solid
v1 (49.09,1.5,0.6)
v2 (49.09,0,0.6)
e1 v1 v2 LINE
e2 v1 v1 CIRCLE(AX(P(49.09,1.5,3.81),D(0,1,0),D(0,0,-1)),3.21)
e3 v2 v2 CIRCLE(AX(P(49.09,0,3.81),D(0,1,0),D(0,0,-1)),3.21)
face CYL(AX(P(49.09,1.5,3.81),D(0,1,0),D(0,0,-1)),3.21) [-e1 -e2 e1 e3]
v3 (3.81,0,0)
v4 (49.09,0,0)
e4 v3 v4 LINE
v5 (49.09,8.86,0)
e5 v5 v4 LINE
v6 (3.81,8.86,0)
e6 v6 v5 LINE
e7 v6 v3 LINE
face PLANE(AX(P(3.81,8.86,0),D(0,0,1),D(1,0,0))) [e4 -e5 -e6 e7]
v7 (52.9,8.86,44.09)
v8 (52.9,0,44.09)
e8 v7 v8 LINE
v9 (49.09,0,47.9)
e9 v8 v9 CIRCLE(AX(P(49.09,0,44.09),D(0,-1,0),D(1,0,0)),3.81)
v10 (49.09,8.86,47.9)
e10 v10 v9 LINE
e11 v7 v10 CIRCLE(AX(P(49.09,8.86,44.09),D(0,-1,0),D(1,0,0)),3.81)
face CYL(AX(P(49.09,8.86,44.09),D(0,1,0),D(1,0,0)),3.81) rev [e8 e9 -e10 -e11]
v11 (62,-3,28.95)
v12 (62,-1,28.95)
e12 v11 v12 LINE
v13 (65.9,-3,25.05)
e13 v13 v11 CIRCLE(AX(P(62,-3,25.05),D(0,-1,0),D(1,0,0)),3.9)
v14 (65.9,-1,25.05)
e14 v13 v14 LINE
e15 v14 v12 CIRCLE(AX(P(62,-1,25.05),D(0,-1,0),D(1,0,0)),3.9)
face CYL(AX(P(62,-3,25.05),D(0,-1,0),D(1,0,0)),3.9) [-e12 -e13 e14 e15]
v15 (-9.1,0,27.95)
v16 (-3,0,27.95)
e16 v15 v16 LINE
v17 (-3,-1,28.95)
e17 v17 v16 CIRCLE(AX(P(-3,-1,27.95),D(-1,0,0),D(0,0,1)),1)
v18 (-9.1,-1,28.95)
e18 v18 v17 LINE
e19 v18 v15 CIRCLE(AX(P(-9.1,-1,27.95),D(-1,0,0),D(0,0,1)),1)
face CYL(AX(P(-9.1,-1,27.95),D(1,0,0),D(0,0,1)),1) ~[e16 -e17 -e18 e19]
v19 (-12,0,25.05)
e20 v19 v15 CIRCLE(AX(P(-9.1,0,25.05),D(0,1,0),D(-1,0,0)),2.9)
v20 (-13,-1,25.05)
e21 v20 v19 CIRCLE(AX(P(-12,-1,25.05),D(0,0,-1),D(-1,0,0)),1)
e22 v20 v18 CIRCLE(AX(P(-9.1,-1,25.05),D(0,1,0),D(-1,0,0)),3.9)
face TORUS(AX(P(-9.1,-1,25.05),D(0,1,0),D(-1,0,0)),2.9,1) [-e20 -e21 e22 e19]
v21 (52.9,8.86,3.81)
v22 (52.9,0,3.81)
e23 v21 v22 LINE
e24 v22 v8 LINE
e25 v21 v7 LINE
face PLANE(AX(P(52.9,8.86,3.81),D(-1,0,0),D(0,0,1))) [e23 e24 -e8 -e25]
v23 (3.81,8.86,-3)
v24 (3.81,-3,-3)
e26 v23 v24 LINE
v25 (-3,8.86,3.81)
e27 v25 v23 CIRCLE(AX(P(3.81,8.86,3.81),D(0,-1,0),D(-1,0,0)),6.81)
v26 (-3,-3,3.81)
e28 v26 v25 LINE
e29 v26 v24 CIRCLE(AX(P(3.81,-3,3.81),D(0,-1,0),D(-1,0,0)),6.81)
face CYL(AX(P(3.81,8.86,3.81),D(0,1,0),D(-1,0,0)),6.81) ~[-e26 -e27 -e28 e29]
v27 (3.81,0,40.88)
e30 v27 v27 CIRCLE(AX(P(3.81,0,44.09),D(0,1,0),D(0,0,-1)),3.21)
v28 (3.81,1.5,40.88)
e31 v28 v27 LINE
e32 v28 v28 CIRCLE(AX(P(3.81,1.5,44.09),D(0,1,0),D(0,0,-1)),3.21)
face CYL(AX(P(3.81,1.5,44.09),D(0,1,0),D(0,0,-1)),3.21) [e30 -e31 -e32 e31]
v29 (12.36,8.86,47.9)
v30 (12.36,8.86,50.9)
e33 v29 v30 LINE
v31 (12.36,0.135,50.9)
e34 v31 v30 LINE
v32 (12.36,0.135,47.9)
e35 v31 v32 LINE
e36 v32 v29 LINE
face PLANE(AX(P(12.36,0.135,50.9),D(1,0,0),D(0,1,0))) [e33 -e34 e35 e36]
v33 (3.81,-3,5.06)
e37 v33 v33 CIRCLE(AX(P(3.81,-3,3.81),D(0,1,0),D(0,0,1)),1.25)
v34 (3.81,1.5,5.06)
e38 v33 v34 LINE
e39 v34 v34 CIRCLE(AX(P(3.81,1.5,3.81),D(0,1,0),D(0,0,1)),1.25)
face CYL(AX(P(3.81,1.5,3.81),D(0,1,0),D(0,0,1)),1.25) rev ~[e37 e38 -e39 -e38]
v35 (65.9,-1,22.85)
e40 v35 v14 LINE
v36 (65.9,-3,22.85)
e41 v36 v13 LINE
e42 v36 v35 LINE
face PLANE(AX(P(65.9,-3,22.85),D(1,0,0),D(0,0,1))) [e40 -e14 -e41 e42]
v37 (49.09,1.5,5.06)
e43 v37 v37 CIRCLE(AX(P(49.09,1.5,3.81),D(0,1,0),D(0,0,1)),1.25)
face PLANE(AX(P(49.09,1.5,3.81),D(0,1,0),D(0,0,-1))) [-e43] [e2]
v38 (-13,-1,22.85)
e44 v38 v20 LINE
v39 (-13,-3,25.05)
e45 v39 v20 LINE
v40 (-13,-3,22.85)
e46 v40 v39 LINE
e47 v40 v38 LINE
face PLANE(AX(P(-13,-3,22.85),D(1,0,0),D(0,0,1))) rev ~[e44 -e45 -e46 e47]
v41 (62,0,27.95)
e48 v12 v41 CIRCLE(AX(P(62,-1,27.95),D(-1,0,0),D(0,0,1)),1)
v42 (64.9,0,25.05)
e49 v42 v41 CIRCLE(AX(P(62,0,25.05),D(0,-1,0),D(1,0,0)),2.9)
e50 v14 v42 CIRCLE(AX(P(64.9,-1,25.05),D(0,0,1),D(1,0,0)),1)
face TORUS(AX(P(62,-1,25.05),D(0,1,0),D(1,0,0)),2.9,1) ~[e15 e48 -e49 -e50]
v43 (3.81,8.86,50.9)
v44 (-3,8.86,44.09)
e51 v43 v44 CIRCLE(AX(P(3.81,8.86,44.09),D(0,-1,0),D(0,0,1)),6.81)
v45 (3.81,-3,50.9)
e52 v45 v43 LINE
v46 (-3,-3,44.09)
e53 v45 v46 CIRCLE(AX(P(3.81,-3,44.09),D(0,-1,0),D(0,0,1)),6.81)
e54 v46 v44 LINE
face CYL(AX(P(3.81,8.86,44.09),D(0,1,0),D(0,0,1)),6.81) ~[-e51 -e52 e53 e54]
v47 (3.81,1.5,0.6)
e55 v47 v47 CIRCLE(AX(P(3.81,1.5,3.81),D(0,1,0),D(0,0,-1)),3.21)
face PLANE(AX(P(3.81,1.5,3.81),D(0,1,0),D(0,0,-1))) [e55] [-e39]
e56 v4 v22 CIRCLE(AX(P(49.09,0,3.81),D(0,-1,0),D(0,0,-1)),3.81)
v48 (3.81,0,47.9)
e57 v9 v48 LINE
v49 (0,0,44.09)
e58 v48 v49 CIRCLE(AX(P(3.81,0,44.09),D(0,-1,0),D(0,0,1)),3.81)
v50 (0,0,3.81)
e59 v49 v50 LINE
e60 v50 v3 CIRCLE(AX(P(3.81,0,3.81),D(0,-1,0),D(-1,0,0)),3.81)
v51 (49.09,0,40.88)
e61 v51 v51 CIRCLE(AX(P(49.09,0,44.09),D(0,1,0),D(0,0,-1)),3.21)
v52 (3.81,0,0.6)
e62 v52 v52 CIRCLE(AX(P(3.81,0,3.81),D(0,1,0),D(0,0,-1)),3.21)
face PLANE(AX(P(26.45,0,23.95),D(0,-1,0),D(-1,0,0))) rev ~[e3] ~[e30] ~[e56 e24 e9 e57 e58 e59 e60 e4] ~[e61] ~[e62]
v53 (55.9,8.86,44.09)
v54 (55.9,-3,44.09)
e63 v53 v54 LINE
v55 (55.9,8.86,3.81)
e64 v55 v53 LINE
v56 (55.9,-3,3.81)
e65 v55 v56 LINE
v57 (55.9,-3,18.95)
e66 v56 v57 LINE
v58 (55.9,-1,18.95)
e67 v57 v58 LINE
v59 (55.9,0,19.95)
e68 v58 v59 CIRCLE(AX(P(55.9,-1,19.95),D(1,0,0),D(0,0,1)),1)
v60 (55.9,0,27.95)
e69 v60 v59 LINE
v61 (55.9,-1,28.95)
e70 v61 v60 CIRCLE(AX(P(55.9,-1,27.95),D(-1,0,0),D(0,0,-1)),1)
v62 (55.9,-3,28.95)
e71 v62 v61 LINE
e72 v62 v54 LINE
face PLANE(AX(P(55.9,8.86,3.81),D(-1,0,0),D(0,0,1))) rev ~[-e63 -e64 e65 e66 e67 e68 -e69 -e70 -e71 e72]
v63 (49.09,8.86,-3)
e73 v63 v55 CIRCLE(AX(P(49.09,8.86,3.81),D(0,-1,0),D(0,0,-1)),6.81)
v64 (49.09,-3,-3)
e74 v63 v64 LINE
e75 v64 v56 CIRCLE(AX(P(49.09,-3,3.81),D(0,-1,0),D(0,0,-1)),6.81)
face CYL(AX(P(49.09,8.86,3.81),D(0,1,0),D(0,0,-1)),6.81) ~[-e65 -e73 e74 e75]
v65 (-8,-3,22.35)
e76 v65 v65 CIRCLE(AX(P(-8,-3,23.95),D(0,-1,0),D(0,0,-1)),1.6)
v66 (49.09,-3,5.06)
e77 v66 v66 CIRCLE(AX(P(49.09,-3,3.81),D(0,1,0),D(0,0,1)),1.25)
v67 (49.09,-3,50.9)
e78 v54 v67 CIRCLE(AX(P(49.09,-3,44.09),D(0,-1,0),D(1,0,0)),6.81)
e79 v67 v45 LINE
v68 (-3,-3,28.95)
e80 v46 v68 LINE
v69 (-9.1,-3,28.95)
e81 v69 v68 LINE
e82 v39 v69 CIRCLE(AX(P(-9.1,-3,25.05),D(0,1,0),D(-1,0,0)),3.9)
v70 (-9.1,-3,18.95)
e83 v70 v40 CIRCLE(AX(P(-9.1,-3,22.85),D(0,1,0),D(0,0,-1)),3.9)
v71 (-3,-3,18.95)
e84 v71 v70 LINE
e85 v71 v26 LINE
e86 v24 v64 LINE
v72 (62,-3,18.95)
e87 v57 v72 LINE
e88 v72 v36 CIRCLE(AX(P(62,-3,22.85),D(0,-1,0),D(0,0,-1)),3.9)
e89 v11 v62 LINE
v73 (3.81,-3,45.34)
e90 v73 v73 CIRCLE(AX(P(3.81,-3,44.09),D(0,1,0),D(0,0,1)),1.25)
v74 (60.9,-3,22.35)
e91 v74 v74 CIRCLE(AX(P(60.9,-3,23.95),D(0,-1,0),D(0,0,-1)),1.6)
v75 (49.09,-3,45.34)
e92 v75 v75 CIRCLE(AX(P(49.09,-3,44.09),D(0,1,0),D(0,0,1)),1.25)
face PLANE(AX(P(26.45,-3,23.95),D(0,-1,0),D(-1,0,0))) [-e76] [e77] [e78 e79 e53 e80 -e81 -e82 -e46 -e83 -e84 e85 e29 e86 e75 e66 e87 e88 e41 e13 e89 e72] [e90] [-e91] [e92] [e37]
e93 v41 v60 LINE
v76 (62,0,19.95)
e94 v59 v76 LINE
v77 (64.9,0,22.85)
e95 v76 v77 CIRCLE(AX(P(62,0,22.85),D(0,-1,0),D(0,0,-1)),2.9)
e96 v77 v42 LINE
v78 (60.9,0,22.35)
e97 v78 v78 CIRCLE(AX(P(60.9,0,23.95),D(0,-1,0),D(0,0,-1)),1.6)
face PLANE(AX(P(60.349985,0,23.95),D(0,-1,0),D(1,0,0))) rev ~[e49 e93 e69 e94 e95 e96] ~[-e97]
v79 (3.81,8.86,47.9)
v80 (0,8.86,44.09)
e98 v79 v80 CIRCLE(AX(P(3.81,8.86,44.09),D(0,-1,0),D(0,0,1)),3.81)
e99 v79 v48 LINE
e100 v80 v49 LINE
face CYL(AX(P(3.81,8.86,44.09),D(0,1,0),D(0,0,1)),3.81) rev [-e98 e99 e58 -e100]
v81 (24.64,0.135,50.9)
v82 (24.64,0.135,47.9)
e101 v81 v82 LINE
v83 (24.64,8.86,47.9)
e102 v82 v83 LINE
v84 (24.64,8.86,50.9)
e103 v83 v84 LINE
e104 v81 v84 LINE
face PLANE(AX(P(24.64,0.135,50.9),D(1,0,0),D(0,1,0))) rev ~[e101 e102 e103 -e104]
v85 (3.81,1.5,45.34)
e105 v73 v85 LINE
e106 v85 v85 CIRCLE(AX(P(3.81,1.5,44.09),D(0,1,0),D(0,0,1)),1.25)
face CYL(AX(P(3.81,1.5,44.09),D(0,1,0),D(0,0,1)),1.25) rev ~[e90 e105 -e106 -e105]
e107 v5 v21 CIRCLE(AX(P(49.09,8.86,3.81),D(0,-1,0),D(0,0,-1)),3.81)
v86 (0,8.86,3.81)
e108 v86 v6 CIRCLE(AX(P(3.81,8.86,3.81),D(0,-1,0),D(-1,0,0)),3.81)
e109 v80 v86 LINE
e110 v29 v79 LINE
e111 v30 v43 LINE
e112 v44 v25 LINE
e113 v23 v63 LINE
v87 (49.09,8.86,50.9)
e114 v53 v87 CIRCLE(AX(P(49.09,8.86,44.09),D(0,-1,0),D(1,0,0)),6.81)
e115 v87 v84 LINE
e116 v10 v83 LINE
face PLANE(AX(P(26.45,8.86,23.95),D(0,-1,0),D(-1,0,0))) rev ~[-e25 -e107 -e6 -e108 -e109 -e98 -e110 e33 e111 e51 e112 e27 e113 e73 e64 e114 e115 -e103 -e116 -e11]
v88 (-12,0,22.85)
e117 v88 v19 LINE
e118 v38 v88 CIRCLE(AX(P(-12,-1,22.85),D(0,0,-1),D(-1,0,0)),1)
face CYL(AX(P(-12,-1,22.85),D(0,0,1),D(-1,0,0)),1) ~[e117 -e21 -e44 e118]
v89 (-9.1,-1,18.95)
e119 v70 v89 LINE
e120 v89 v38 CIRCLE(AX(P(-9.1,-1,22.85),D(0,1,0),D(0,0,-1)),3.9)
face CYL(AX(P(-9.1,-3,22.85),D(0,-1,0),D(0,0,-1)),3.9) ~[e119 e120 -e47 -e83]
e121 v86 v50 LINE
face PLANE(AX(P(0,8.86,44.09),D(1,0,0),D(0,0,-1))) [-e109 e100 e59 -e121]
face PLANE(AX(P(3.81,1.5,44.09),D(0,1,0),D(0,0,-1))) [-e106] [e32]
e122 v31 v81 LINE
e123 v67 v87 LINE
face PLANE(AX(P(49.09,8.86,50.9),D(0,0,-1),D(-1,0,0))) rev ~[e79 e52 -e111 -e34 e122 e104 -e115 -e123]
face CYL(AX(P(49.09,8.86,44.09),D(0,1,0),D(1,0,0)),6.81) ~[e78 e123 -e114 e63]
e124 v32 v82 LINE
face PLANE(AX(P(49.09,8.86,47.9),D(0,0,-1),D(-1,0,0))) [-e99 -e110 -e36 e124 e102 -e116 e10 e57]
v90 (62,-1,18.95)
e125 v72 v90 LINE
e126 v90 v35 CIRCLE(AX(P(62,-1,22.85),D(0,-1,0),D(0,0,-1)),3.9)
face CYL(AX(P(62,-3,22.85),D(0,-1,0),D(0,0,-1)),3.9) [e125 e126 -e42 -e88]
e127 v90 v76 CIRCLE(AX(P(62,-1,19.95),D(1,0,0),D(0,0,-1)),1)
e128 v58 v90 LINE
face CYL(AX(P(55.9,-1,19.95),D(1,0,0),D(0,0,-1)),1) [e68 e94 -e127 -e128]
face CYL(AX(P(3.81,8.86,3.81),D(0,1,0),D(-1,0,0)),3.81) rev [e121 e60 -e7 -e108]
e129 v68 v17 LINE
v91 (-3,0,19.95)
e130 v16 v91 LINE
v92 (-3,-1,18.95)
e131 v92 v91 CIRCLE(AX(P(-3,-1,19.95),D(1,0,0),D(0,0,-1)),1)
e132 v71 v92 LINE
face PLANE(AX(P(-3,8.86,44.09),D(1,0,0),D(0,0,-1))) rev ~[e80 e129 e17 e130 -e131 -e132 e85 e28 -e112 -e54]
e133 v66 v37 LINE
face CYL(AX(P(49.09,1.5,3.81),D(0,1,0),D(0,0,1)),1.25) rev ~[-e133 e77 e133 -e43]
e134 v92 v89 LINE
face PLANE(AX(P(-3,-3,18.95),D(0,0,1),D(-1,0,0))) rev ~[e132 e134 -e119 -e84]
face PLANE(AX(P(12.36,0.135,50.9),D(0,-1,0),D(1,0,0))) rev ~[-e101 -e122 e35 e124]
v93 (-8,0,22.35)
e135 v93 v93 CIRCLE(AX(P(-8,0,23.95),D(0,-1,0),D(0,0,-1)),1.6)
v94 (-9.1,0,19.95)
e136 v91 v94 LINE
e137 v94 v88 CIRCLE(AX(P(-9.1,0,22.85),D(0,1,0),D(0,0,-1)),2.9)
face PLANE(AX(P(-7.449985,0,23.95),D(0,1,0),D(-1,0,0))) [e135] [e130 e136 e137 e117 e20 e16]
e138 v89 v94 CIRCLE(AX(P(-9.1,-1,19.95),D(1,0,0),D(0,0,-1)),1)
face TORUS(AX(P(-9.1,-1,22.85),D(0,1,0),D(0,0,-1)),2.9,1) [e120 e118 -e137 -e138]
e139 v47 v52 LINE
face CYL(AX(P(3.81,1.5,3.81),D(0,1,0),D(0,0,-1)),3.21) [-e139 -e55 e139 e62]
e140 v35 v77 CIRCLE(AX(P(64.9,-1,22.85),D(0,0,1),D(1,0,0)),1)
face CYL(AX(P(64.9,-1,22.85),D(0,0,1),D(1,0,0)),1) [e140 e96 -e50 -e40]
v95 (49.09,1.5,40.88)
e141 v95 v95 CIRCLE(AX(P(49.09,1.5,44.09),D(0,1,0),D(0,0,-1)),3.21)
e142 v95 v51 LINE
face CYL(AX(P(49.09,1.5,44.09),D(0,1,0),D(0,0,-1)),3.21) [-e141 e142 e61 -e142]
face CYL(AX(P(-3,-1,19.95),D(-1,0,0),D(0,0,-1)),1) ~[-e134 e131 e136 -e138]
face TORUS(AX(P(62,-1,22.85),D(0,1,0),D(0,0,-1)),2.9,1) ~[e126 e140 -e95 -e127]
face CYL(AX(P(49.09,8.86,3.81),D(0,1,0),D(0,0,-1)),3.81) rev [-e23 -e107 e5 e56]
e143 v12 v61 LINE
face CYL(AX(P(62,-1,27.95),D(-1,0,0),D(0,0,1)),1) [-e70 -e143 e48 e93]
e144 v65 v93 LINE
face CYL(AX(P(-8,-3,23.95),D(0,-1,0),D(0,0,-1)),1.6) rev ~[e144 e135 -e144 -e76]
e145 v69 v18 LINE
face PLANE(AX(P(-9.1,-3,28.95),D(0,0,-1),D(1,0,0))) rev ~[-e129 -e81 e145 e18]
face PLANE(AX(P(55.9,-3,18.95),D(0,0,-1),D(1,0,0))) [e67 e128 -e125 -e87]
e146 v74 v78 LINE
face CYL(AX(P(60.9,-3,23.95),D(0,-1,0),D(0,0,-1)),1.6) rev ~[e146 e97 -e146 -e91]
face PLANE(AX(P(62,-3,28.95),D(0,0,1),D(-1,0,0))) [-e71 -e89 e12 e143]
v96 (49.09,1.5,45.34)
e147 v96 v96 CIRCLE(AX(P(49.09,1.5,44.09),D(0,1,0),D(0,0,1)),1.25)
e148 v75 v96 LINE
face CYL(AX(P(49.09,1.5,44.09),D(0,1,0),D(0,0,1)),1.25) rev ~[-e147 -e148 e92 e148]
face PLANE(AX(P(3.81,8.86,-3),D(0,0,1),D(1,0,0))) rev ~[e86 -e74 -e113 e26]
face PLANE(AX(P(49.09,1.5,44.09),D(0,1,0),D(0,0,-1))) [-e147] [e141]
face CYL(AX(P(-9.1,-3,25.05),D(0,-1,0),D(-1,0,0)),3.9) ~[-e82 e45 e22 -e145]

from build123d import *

# Parameters (mm, degrees)
BOSS_EXTRUDE1_DEPTH = 3
CUT_EXTRUDE1_REACH  = 77.661
SKETCH1_3_R         = 1.25
BOSS_EXTRUDE2_START = 8.86
BOSS_EXTRUDE2_DEPTH = 8.86
BOSS_EXTRUDE3_START = 1.5
SKETCH1_5_R         = 3.21
SKETCH1_5_R_2       = 1.25
BOSS_EXTRUDE3_DEPTH = 1.5
SKETCH2_W           = 12.28
SKETCH2_H           = 8.73
CUT_EXTRUDE2_DEPTH  = 3
SKETCH3_R           = 1.6
BOSS_EXTRUDE4_DEPTH = 3
FILLET1_R           = 1
FILLET2_R           = 1


with BuildPart() as part:
    # Sketch1 → Boss-Extrude1 (new body)
    with BuildSketch(Plane(origin=(0, 0, 0), x_dir=(1, 0, 0), z_dir=(0, 1, 0))):
        with BuildLine():
            Line((3.81, 3), (49.09, 3))
            ThreePointArc((49.09, 3), (53.90539718, 1.00539718), (55.9, -3.81))
            Line((55.9, -3.81), (55.9, -44.09))
            ThreePointArc((55.9, -44.09), (53.90539718, -48.90539718), (49.09, -50.9))
            Line((49.09, -50.9), (3.81, -50.9))
            ThreePointArc((3.81, -50.9), (-1.00539718, -48.90539718), (-3, -44.09))
            Line((-3, -44.09), (-3, -3.81))
            ThreePointArc((-3, -3.81), (-1.00539718, 1.00539718), (3.81, 3))
        make_face()
    extrude(amount=-BOSS_EXTRUDE1_DEPTH)

    # Sketch1<3> → Cut-Extrude1 (cut, up to next)
    with BuildSketch(Plane(origin=(0, 0, 0), x_dir=(1, 0, 0), z_dir=(0, 1, 0)), mode=Mode.PRIVATE) as cut_extrude1_sk1:
        with Locations((49.09, -44.09)):
            Circle(SKETCH1_3_R)
    cut_extrude1_tool1 = extrude(cut_extrude1_sk1.sketch, amount=-CUT_EXTRUDE1_REACH, mode=Mode.PRIVATE) & part.part
    # Sketch1<3> → Cut-Extrude1 (cut, up to next)
    with BuildSketch(Plane(origin=(0, 0, 0), x_dir=(1, 0, 0), z_dir=(0, 1, 0)), mode=Mode.PRIVATE) as cut_extrude1_sk2:
        with Locations((3.81, -44.09)):
            Circle(SKETCH1_3_R)
    cut_extrude1_tool2 = extrude(cut_extrude1_sk2.sketch, amount=-CUT_EXTRUDE1_REACH, mode=Mode.PRIVATE) & part.part
    # Sketch1<3> → Cut-Extrude1 (cut, up to next)
    with BuildSketch(Plane(origin=(0, 0, 0), x_dir=(1, 0, 0), z_dir=(0, 1, 0)), mode=Mode.PRIVATE) as cut_extrude1_sk3:
        with Locations((3.81, -3.81)):
            Circle(SKETCH1_3_R)
    cut_extrude1_tool3 = extrude(cut_extrude1_sk3.sketch, amount=-CUT_EXTRUDE1_REACH, mode=Mode.PRIVATE) & part.part
    # Sketch1<3> → Cut-Extrude1 (cut, up to next)
    with BuildSketch(Plane(origin=(0, 0, 0), x_dir=(1, 0, 0), z_dir=(0, 1, 0)), mode=Mode.PRIVATE) as cut_extrude1_sk4:
        with Locations((49.09, -3.81)):
            Circle(SKETCH1_3_R)
    cut_extrude1_tool4 = extrude(cut_extrude1_sk4.sketch, amount=-CUT_EXTRUDE1_REACH, mode=Mode.PRIVATE) & part.part
    add(cut_extrude1_tool1.solids().sort_by_distance((49.09, 0, 44.09))[0], mode=Mode.SUBTRACT)
    add(cut_extrude1_tool2.solids().sort_by_distance((3.81, 0, 44.09))[0], mode=Mode.SUBTRACT)
    add(cut_extrude1_tool3.solids().sort_by_distance((3.81, 0, 3.81))[0], mode=Mode.SUBTRACT)
    add(cut_extrude1_tool4.solids().sort_by_distance((49.09, 0, 3.81))[0], mode=Mode.SUBTRACT)

    # Sketch1<4> → Boss-Extrude2 (add)
    with BuildSketch(Plane(origin=(0, 0, 0), x_dir=(1, 0, 0), z_dir=(0, 1, 0)).offset(BOSS_EXTRUDE2_START)):
        with BuildLine():
            Line((49.09, 3), (3.81, 3))
            ThreePointArc((3.81, 3), (-1.00539718, 1.00539718), (-3, -3.81))
            Line((-3, -3.81), (-3, -44.09))
            ThreePointArc((-3, -44.09), (-1.00539718, -48.90539718), (3.81, -50.9))
            Line((3.81, -50.9), (49.09, -50.9))
            ThreePointArc((49.09, -50.9), (53.90539718, -48.90539718), (55.9, -44.09))
            Line((55.9, -44.09), (55.9, -3.81))
            ThreePointArc((55.9, -3.81), (53.90539718, 1.00539718), (49.09, 3))
        make_face()
        with BuildLine():
            ThreePointArc((0, -3.81), (1.115923164, -1.115923164), (3.81, 0))
            Line((3.81, 0), (49.09, 0))
            ThreePointArc((49.09, 0), (51.784076836, -1.115923164), (52.9, -3.81))
            Line((52.9, -3.81), (52.9, -44.09))
            ThreePointArc((52.9, -44.09), (51.784076836, -46.784076836), (49.09, -47.9))
            Line((49.09, -47.9), (3.81, -47.9))
            ThreePointArc((3.81, -47.9), (1.115923164, -46.784076836), (0, -44.09))
            Line((0, -44.09), (0, -3.81))
        make_face(mode=Mode.SUBTRACT)
    extrude(amount=-BOSS_EXTRUDE2_DEPTH)

    # Sketch1<5> → Boss-Extrude3 (add)
    # profile 1 of 4: a face of its own
    with BuildSketch(Plane(origin=(0, 0, 0), x_dir=(1, 0, 0), z_dir=(0, 1, 0)).offset(BOSS_EXTRUDE3_START)):
        with Locations((3.81, -3.81)):
            Circle(SKETCH1_5_R)
        with Locations((3.81, -3.81)):
            Circle(SKETCH1_5_R_2, mode=Mode.SUBTRACT)
    # profile 2 of 4: a face of its own
    with BuildSketch(Plane(origin=(0, 0, 0), x_dir=(1, 0, 0), z_dir=(0, 1, 0)).offset(BOSS_EXTRUDE3_START)):
        with Locations((49.09, -3.81)):
            Circle(SKETCH1_5_R)
        with Locations((49.09, -3.81)):
            Circle(SKETCH1_5_R_2, mode=Mode.SUBTRACT)
    # profile 3 of 4: a face of its own
    with BuildSketch(Plane(origin=(0, 0, 0), x_dir=(1, 0, 0), z_dir=(0, 1, 0)).offset(BOSS_EXTRUDE3_START)):
        with Locations((49.09, -44.09)):
            Circle(SKETCH1_5_R)
        with Locations((49.09, -44.09)):
            Circle(SKETCH1_5_R_2, mode=Mode.SUBTRACT)
    # profile 4 of 4: a face of its own
    with BuildSketch(Plane(origin=(0, 0, 0), x_dir=(1, 0, 0), z_dir=(0, 1, 0)).offset(BOSS_EXTRUDE3_START)):
        with Locations((3.81, -44.09)):
            Circle(SKETCH1_5_R)
        with Locations((3.81, -44.09)):
            Circle(SKETCH1_5_R_2, mode=Mode.SUBTRACT)
    extrude(amount=-BOSS_EXTRUDE3_DEPTH)

    # Sketch2 → Cut-Extrude2 (cut)
    with BuildSketch(Plane.XY.offset(50.9)):
        with Locations((18.5, 4.5)):
            Rectangle(SKETCH2_W, SKETCH2_H)
    extrude(amount=-CUT_EXTRUDE2_DEPTH, mode=Mode.SUBTRACT)

    # Sketch3 → Boss-Extrude4 (add)
    # profile 1 of 2: a face of its own
    with BuildSketch(Plane.XZ.offset(3)):
        with BuildLine():
            Line((55.9, 18.95), (62, 18.95))
            ThreePointArc((62, 18.95), (64.757716447, 20.092283553), (65.9, 22.85))
            Line((65.9, 22.85), (65.9, 25.05))
            ThreePointArc((65.9, 25.05), (64.757716447, 27.807716447), (62, 28.95))
            Line((62, 28.95), (55.9, 28.95))
            Line((55.9, 28.95), (55.9, 18.95))
        make_face()
        with Locations((60.9, 23.95)):
            Circle(SKETCH3_R, mode=Mode.SUBTRACT)
    # profile 2 of 2: a face of its own
    with BuildSketch(Plane.XZ.offset(3)):
        with BuildLine():
            Line((-3, 18.95), (-9.1, 18.95))
            ThreePointArc((-9.1, 18.95), (-11.857716447, 20.092283553), (-13, 22.85))
            Line((-13, 22.85), (-13, 25.05))
            ThreePointArc((-13, 25.05), (-11.857716447, 27.807716447), (-9.1, 28.95))
            Line((-9.1, 28.95), (-3, 28.95))
            Line((-3, 28.95), (-3, 18.95))
        make_face()
        with Locations((-8, 23.95)):
            Circle(SKETCH3_R, mode=Mode.SUBTRACT)
    extrude(amount=-BOSS_EXTRUDE4_DEPTH)

    # Fillet1
    fillet1_edges = [part.edges().sort_by_distance(p)[0] for p in [
        (58.95, 0, 18.95),
        (64.757716447, 0, 20.092283553),
        (65.9, 0, 23.95),
        (64.757716447, 0, 27.807716447),
        (58.95, 0, 28.95),
    ]]
    fillet(fillet1_edges, radius=FILLET1_R)

    # Fillet2
    fillet2_edges = [part.edges().sort_by_distance(p)[0] for p in [
        (-6.05, 0, 18.95),
        (-11.857716447, 0, 20.092283553),
        (-13, 0, 23.95),
        (-11.857716447, 0, 27.807716447),
        (-6.05, 0, 28.95),
    ]]
    fillet(fillet2_edges, radius=FILLET2_R)


solid = part.part
